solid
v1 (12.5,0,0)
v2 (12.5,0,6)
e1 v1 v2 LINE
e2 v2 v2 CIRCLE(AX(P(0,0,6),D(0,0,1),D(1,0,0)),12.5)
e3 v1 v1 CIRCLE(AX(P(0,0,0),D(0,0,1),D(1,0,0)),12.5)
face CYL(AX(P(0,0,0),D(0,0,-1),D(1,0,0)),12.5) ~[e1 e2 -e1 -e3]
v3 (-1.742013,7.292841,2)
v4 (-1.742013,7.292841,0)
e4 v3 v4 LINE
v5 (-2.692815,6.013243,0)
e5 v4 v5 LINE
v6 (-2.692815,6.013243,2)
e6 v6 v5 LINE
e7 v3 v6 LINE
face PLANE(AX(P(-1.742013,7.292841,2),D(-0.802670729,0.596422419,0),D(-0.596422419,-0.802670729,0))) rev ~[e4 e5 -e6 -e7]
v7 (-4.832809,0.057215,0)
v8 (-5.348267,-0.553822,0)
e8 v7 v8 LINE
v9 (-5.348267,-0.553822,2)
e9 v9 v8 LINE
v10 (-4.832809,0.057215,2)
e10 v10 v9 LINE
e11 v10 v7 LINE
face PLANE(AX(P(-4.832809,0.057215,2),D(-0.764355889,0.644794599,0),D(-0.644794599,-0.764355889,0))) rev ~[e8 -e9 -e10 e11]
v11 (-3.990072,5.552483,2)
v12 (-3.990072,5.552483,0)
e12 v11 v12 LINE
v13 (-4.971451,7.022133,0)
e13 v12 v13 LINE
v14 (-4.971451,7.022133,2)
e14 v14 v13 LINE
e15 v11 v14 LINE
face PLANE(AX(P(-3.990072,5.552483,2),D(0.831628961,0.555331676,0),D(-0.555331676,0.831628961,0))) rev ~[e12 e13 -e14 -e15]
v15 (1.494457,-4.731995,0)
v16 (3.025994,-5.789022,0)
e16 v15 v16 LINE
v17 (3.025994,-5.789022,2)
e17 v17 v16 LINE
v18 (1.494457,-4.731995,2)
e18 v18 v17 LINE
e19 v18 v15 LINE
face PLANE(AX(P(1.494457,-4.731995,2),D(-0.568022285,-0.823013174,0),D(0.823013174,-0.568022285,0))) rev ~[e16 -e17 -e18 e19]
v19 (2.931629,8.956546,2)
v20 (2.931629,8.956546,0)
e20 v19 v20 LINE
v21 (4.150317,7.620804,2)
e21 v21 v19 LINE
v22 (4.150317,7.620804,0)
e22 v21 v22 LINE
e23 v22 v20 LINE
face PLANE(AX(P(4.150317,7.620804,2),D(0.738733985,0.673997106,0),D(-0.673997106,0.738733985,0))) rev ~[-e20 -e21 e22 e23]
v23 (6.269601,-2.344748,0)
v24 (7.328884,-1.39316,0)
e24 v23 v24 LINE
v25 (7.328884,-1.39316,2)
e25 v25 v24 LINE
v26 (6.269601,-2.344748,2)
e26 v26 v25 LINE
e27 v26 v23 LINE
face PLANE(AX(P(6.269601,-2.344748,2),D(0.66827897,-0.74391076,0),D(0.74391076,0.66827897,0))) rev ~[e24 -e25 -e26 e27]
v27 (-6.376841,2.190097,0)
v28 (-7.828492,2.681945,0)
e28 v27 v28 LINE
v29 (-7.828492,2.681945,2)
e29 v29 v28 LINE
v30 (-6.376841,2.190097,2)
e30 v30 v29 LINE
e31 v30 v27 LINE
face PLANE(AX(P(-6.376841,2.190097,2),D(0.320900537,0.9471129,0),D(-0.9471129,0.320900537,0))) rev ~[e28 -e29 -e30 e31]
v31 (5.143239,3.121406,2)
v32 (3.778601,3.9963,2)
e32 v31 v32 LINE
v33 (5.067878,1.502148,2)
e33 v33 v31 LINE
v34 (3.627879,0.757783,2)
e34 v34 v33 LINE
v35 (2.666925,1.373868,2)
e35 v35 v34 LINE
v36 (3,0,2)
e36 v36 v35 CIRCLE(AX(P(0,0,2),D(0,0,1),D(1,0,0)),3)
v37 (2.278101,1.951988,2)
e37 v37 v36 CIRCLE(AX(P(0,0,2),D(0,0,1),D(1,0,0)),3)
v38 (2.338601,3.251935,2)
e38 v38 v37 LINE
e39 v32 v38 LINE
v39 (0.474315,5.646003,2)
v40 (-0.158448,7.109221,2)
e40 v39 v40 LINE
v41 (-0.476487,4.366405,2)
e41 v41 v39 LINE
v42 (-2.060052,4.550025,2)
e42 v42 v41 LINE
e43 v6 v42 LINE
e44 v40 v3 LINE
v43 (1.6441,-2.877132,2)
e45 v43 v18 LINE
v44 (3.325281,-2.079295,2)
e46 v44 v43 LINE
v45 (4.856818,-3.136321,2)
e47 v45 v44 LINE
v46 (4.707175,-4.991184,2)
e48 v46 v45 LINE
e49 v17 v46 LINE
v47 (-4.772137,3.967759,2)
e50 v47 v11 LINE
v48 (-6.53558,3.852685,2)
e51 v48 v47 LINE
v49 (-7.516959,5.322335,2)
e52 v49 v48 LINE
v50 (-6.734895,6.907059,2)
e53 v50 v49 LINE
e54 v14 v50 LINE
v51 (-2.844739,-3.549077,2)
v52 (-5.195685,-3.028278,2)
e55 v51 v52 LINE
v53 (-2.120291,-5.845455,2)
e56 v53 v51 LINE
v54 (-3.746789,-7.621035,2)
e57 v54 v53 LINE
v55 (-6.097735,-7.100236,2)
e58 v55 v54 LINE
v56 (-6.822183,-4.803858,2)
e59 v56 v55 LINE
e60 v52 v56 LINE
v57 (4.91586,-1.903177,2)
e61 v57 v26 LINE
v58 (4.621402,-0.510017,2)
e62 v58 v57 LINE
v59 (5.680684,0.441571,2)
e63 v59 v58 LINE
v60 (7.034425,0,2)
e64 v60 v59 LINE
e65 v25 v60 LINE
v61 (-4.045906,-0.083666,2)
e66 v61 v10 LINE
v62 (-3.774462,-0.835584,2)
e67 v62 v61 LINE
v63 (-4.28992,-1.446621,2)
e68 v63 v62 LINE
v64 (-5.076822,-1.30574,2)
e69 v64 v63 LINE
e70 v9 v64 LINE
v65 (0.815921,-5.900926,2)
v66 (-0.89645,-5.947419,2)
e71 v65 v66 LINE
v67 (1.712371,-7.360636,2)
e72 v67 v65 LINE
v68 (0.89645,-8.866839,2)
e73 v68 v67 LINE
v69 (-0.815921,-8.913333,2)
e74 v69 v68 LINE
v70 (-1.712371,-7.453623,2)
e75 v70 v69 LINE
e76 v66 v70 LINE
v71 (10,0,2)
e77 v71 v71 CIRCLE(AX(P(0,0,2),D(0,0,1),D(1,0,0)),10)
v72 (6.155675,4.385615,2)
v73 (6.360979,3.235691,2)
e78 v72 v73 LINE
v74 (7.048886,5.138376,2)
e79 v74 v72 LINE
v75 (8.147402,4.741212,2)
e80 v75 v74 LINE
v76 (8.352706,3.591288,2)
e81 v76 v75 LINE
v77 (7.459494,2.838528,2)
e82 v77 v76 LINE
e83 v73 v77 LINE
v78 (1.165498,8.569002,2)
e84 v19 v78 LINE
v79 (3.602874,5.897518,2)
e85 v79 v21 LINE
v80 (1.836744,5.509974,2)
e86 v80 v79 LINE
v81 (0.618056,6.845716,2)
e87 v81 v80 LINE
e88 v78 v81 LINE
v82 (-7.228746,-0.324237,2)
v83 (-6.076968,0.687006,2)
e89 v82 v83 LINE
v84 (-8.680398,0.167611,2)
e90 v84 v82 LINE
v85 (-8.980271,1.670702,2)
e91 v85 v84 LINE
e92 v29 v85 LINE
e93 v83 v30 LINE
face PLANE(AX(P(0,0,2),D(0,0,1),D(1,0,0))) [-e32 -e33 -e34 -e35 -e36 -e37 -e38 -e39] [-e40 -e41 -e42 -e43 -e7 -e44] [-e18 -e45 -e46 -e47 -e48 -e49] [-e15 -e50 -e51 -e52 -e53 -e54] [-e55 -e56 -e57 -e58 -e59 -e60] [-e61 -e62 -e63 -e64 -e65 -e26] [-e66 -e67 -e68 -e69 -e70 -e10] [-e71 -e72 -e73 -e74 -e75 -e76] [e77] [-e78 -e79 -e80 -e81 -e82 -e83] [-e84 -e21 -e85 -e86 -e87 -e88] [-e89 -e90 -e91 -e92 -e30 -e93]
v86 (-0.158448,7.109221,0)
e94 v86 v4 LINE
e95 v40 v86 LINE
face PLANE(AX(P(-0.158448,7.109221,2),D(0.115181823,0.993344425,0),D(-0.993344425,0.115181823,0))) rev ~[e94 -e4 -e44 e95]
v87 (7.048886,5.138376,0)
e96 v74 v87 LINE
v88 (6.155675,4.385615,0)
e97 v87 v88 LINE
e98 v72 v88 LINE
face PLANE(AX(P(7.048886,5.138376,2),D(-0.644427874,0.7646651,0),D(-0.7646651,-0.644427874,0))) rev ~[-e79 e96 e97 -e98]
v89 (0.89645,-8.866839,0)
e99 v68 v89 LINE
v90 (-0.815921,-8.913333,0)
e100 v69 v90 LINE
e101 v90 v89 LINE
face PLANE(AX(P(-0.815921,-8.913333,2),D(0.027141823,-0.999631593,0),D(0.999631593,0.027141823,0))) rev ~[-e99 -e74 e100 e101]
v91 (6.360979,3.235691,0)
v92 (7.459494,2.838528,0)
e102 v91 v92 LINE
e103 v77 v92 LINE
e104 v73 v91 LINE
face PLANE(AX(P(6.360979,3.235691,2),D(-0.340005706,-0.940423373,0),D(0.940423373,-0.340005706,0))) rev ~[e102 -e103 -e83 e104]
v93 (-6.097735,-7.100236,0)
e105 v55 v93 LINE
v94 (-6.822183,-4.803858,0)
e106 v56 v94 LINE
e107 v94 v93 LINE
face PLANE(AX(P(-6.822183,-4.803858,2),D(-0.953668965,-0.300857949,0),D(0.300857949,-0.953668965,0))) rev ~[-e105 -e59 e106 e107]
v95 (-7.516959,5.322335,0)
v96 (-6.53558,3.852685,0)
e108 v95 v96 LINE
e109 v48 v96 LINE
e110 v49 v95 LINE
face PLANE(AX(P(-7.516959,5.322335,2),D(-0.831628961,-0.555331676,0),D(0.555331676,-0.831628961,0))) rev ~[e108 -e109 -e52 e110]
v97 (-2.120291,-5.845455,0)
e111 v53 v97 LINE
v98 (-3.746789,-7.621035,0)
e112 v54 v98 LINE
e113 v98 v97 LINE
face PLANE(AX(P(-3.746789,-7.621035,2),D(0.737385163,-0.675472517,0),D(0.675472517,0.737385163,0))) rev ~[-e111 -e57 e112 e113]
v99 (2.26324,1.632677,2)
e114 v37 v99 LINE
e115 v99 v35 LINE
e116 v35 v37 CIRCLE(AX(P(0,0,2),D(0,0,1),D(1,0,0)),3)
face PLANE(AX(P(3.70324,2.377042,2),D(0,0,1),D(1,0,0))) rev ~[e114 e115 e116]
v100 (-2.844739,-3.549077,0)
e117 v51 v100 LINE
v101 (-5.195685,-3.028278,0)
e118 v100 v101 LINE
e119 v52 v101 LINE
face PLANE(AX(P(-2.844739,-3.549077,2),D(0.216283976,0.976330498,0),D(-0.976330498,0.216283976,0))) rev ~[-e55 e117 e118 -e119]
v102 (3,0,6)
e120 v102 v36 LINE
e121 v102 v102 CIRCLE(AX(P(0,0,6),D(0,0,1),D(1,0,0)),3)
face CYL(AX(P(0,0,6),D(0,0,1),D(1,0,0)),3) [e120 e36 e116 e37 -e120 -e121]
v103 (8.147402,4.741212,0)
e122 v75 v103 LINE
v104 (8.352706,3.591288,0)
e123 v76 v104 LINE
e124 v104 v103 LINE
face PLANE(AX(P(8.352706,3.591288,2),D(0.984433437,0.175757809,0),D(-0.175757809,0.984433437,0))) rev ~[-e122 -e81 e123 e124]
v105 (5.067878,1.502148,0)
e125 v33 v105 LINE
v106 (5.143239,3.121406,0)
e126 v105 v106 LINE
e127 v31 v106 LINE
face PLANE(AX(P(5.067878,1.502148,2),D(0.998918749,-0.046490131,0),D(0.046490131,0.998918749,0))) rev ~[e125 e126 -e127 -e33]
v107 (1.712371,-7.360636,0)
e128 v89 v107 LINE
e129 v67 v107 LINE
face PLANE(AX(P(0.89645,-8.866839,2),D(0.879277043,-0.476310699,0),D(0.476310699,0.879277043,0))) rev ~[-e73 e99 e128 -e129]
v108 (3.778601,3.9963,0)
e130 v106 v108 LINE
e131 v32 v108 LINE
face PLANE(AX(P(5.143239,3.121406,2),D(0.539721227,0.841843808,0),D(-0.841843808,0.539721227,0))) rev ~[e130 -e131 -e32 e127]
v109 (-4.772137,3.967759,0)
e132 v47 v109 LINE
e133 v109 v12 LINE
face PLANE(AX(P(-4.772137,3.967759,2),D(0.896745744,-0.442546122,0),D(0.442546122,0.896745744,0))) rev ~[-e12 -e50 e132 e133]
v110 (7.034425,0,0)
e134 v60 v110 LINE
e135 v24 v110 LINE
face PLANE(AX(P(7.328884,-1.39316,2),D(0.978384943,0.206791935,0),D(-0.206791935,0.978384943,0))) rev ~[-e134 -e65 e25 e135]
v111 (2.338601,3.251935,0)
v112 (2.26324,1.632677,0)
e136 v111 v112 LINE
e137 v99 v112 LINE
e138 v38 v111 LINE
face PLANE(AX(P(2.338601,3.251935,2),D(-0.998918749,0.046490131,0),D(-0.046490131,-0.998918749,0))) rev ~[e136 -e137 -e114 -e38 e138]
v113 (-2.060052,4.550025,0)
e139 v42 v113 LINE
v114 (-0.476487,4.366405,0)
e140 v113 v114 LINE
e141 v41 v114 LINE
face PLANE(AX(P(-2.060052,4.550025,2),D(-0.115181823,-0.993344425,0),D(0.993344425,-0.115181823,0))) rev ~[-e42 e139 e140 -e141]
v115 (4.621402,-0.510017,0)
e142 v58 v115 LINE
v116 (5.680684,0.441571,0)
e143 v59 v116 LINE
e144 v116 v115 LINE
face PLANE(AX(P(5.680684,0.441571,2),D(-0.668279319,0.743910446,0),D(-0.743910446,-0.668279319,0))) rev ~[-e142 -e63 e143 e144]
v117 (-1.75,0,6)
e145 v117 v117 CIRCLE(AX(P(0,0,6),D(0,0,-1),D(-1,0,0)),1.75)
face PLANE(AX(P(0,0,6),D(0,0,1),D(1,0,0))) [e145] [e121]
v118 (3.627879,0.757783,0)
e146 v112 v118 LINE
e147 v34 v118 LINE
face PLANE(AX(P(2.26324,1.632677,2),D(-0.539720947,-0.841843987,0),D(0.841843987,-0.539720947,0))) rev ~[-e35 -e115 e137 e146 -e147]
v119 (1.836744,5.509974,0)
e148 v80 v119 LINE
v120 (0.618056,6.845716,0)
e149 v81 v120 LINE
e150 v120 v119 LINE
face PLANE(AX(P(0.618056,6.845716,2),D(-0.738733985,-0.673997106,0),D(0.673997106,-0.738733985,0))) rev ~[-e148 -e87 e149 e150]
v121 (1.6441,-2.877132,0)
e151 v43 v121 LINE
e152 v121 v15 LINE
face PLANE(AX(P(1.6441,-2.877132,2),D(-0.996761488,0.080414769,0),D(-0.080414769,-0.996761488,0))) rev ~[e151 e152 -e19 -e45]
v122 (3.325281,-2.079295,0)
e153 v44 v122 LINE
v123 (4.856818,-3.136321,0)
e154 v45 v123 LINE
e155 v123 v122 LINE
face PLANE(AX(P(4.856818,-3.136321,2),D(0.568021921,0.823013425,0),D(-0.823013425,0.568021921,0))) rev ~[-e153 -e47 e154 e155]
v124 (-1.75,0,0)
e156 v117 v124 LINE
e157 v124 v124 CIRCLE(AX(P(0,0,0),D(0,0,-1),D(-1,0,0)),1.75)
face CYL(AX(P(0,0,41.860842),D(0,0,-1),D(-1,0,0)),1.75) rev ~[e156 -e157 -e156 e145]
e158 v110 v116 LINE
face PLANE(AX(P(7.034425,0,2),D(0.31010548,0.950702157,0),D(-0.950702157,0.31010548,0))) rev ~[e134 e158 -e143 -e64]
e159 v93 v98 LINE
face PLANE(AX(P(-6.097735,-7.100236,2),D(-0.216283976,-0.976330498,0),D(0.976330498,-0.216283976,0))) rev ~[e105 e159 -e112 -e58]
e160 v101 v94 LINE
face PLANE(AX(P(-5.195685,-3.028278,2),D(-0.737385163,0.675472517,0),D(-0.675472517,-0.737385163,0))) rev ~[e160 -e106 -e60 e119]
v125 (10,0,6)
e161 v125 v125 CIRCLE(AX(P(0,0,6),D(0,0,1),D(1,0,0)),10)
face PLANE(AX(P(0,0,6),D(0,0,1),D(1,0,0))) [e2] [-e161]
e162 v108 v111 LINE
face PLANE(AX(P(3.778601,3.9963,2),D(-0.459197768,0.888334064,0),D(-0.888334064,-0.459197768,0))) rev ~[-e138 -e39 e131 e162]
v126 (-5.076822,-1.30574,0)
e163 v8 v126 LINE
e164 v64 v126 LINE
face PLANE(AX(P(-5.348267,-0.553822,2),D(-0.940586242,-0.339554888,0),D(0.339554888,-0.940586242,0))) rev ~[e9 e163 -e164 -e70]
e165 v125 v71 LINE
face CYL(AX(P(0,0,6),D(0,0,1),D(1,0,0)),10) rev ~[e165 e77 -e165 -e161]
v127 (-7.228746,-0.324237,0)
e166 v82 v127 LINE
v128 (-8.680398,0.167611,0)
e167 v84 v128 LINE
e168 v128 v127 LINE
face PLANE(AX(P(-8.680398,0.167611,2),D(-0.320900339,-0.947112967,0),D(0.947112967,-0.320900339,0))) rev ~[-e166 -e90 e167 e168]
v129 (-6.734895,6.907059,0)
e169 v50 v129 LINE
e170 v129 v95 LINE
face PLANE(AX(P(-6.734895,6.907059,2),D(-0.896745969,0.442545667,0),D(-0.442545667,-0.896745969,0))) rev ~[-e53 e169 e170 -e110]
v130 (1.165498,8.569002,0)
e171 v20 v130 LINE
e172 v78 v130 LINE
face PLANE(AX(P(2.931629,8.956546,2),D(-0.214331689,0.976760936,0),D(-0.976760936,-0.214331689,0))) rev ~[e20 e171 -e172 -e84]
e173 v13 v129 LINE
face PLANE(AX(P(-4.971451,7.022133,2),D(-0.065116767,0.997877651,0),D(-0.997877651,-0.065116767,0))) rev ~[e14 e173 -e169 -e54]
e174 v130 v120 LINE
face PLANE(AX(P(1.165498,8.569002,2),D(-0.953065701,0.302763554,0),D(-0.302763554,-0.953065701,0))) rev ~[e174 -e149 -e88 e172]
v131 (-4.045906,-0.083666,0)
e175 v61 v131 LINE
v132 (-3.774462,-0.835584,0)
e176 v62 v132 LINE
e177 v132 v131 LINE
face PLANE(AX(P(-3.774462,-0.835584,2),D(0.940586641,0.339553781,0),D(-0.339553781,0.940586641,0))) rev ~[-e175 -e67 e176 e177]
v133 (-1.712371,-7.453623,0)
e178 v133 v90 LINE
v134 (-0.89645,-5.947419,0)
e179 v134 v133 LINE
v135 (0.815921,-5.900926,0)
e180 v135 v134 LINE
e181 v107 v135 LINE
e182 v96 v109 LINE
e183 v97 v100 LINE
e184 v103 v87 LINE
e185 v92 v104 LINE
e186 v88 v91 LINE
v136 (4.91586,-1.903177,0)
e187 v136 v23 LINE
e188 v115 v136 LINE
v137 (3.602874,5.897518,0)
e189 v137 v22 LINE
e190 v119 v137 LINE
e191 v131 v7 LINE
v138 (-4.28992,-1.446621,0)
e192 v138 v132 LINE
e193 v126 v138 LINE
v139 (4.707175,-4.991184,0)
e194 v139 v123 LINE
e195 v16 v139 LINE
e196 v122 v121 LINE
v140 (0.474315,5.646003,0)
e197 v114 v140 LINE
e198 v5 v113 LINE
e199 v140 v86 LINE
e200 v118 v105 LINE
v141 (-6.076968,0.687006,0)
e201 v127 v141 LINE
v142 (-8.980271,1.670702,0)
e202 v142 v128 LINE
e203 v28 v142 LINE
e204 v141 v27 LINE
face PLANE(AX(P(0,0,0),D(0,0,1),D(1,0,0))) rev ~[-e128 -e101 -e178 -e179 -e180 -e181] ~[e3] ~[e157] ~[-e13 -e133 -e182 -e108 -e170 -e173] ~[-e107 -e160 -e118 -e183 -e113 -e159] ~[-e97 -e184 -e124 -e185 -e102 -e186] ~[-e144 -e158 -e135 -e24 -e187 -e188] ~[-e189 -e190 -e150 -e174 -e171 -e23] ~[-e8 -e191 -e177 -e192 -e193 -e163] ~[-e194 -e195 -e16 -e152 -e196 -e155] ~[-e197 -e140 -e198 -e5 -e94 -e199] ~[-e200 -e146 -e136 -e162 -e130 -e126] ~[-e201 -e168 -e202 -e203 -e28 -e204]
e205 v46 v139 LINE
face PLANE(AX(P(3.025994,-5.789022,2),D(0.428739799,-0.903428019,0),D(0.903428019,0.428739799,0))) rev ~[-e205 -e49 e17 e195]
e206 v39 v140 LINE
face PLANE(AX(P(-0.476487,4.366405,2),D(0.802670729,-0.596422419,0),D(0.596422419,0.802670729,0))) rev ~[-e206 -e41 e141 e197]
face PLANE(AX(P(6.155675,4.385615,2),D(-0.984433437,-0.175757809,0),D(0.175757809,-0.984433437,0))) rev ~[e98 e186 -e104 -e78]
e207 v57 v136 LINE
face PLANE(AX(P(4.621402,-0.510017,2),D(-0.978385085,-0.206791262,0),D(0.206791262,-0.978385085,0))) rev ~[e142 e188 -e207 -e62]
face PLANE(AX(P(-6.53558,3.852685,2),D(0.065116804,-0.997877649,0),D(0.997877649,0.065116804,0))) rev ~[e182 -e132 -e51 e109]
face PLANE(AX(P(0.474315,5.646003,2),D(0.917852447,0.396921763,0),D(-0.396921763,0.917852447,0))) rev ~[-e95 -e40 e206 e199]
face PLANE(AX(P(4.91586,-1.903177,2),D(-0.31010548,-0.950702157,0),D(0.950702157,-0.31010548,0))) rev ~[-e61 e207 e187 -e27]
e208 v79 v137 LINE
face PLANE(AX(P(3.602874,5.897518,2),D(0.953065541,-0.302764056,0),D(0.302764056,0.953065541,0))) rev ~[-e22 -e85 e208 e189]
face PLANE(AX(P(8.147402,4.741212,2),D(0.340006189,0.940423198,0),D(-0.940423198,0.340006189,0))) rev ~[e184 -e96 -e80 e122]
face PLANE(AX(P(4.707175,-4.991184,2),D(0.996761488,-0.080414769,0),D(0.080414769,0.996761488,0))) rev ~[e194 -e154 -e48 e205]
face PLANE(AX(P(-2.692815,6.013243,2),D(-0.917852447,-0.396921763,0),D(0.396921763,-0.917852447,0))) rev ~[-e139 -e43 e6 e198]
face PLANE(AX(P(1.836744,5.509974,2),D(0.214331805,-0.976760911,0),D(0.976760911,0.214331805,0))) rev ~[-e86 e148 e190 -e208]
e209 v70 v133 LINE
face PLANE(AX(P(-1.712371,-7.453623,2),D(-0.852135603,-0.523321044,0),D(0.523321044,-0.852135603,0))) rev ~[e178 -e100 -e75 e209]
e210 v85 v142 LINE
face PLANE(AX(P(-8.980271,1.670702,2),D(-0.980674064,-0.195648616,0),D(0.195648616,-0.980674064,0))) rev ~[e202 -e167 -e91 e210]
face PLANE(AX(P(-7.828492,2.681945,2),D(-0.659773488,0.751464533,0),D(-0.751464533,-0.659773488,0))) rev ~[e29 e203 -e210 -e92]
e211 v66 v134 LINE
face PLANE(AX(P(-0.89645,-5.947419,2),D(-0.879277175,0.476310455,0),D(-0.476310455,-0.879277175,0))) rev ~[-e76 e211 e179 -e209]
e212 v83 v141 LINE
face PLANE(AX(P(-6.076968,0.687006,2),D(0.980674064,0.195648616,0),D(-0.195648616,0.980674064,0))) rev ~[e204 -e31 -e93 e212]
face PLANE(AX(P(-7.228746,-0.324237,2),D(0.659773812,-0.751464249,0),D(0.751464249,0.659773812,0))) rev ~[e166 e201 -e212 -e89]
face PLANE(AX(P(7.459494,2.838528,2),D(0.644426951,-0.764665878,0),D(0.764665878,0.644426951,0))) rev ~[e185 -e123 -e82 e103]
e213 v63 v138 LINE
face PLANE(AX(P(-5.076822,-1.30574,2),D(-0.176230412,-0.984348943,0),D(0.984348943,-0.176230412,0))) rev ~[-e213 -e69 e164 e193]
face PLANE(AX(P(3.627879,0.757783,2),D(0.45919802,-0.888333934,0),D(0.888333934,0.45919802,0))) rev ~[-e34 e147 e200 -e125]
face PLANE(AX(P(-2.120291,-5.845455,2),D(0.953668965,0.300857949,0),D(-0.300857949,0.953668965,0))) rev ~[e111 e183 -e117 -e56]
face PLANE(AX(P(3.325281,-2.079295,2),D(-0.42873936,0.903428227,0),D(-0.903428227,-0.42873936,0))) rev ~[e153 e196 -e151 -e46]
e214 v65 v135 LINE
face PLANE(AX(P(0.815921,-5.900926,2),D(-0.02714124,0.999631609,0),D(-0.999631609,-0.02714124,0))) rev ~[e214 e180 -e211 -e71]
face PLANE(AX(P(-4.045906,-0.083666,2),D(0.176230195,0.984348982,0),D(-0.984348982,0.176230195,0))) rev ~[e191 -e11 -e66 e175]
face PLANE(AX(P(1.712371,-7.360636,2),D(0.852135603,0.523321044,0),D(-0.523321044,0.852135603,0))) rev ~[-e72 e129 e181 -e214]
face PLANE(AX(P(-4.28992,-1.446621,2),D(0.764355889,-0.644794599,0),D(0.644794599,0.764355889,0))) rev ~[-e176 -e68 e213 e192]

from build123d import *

# Parameters (mm, degrees)
F0_R     = 12.5
F1_DEPTH = 6
F2_R     = 10
F2_R_2   = 3
F3_DEPTH = 4
F5_D     = 3.5
F7_DEPTH = 25
F8_DEPTH = 25
F9_DEPTH = 25


with BuildPart() as f1:
    # F0 (on Top) → F1 (new body)
    with BuildSketch(Plane.XY):
        Circle(F0_R)
    extrude(amount=F1_DEPTH)

    # F2 (on face) → F3 (cut)
    with BuildSketch(Plane.XY.offset(6)):
        Circle(F2_R)
        Circle(F2_R_2, mode=Mode.SUBTRACT)
    extrude(amount=-F3_DEPTH, mode=Mode.SUBTRACT)

    # F5 (through all)
    with Locations(Plane.XY.offset(6)):
        with Locations((0, 0)):
            Hole(F5_D / 2)

    # F6 (on face) → F7 (cut)
    with BuildSketch(Plane.XY.offset(2)):
        Polygon((-6.076968, 0.687006), (-6.376841, 2.190097), (-7.828492, 2.681945), (-8.980271, 1.670702), (-8.680398, 0.167611), (-7.228746, -0.324237), align=None)
        Polygon((-3.746789, -7.621035), (-2.120291, -5.845455), (-2.844739, -3.549077), (-5.195685, -3.028278), (-6.822183, -4.803858), (-6.097735, -7.100236), align=None)
        Polygon((-4.772137, 3.967759), (-3.990072, 5.552483), (-4.971451, 7.022133), (-6.734895, 6.907059), (-7.516959, 5.322335), (-6.53558, 3.852685), align=None)
        Polygon((-0.476487, 4.366405), (0.474315, 5.646003), (-0.158448, 7.109221), (-1.742013, 7.292841), (-2.692815, 6.013243), (-2.060052, 4.550025), align=None)
        Polygon((1.836744, 5.509974), (3.602874, 5.897518), (4.150317, 7.620804), (2.931629, 8.956546), (1.165498, 8.569002), (0.618056, 6.845716), align=None)
        Polygon((3.627879, 0.757783), (5.067878, 1.502148), (5.143239, 3.121406), (3.778601, 3.9963), (2.338601, 3.251935), (2.26324, 1.632677), align=None)
        Polygon((4.707175, -4.991184), (4.856818, -3.136321), (3.325281, -2.079295), (1.6441, -2.877132), (1.494457, -4.731995), (3.025994, -5.789022), align=None)
        Polygon((7.328884, -1.39316), (7.034425, 0), (5.680684, 0.441571), (4.621402, -0.510017), (4.91586, -1.903177), (6.269601, -2.344748), align=None)
        Polygon((-4.28992, -1.446621), (-3.774462, -0.835584), (-4.045906, -0.083666), (-4.832809, 0.057215), (-5.348267, -0.553822), (-5.076822, -1.30574), align=None)
        Polygon((0.89645, -8.866839), (1.712371, -7.360636), (0.815921, -5.900926), (-0.89645, -5.947419), (-1.712371, -7.453623), (-0.815921, -8.913333), align=None)
        Polygon((6.360979, 3.235691), (7.459494, 2.838528), (8.352706, 3.591288), (8.147402, 4.741212), (7.048886, 5.138376), (6.155675, 4.385615), align=None)
    extrude(amount=-F7_DEPTH, mode=Mode.SUBTRACT)

    # F6 (on face) → F8 (cut)
    with BuildSketch(Plane.XY.offset(2)):
        Polygon((-6.076968, 0.687006), (-6.376841, 2.190097), (-7.828492, 2.681945), (-8.980271, 1.670702), (-8.680398, 0.167611), (-7.228746, -0.324237), align=None)
        Polygon((-3.746789, -7.621035), (-2.120291, -5.845455), (-2.844739, -3.549077), (-5.195685, -3.028278), (-6.822183, -4.803858), (-6.097735, -7.100236), align=None)
        Polygon((-4.772137, 3.967759), (-3.990072, 5.552483), (-4.971451, 7.022133), (-6.734895, 6.907059), (-7.516959, 5.322335), (-6.53558, 3.852685), align=None)
        Polygon((-0.476487, 4.366405), (0.474315, 5.646003), (-0.158448, 7.109221), (-1.742013, 7.292841), (-2.692815, 6.013243), (-2.060052, 4.550025), align=None)
        Polygon((1.836744, 5.509974), (3.602874, 5.897518), (4.150317, 7.620804), (2.931629, 8.956546), (1.165498, 8.569002), (0.618056, 6.845716), align=None)
        Polygon((3.627879, 0.757783), (5.067878, 1.502148), (5.143239, 3.121406), (3.778601, 3.9963), (2.338601, 3.251935), (2.26324, 1.632677), align=None)
        Polygon((4.707175, -4.991184), (4.856818, -3.136321), (3.325281, -2.079295), (1.6441, -2.877132), (1.494457, -4.731995), (3.025994, -5.789022), align=None)
        Polygon((7.328884, -1.39316), (7.034425, 0), (5.680684, 0.441571), (4.621402, -0.510017), (4.91586, -1.903177), (6.269601, -2.344748), align=None)
        Polygon((-4.28992, -1.446621), (-3.774462, -0.835584), (-4.045906, -0.083666), (-4.832809, 0.057215), (-5.348267, -0.553822), (-5.076822, -1.30574), align=None)
        Polygon((0.89645, -8.866839), (1.712371, -7.360636), (0.815921, -5.900926), (-0.89645, -5.947419), (-1.712371, -7.453623), (-0.815921, -8.913333), align=None)
        Polygon((6.360979, 3.235691), (7.459494, 2.838528), (8.352706, 3.591288), (8.147402, 4.741212), (7.048886, 5.138376), (6.155675, 4.385615), align=None)
    extrude(amount=-F8_DEPTH, mode=Mode.SUBTRACT)

    # F6 (on face) → F9 (cut)
    with BuildSketch(Plane.XY.offset(2)):
        Polygon((-6.076968, 0.687006), (-6.376841, 2.190097), (-7.828492, 2.681945), (-8.980271, 1.670702), (-8.680398, 0.167611), (-7.228746, -0.324237), align=None)
        Polygon((-3.746789, -7.621035), (-2.120291, -5.845455), (-2.844739, -3.549077), (-5.195685, -3.028278), (-6.822183, -4.803858), (-6.097735, -7.100236), align=None)
        Polygon((-4.772137, 3.967759), (-3.990072, 5.552483), (-4.971451, 7.022133), (-6.734895, 6.907059), (-7.516959, 5.322335), (-6.53558, 3.852685), align=None)
        Polygon((-0.476487, 4.366405), (0.474315, 5.646003), (-0.158448, 7.109221), (-1.742013, 7.292841), (-2.692815, 6.013243), (-2.060052, 4.550025), align=None)
        Polygon((1.836744, 5.509974), (3.602874, 5.897518), (4.150317, 7.620804), (2.931629, 8.956546), (1.165498, 8.569002), (0.618056, 6.845716), align=None)
        Polygon((3.627879, 0.757783), (5.067878, 1.502148), (5.143239, 3.121406), (3.778601, 3.9963), (2.338601, 3.251935), (2.26324, 1.632677), align=None)
        Polygon((4.707175, -4.991184), (4.856818, -3.136321), (3.325281, -2.079295), (1.6441, -2.877132), (1.494457, -4.731995), (3.025994, -5.789022), align=None)
        Polygon((7.328884, -1.39316), (7.034425, 0), (5.680684, 0.441571), (4.621402, -0.510017), (4.91586, -1.903177), (6.269601, -2.344748), align=None)
        Polygon((-4.28992, -1.446621), (-3.774462, -0.835584), (-4.045906, -0.083666), (-4.832809, 0.057215), (-5.348267, -0.553822), (-5.076822, -1.30574), align=None)
        Polygon((0.89645, -8.866839), (1.712371, -7.360636), (0.815921, -5.900926), (-0.89645, -5.947419), (-1.712371, -7.453623), (-0.815921, -8.913333), align=None)
        Polygon((6.360979, 3.235691), (7.459494, 2.838528), (8.352706, 3.591288), (8.147402, 4.741212), (7.048886, 5.138376), (6.155675, 4.385615), align=None)
    extrude(amount=-F9_DEPTH, mode=Mode.SUBTRACT)


solid = f1.part
